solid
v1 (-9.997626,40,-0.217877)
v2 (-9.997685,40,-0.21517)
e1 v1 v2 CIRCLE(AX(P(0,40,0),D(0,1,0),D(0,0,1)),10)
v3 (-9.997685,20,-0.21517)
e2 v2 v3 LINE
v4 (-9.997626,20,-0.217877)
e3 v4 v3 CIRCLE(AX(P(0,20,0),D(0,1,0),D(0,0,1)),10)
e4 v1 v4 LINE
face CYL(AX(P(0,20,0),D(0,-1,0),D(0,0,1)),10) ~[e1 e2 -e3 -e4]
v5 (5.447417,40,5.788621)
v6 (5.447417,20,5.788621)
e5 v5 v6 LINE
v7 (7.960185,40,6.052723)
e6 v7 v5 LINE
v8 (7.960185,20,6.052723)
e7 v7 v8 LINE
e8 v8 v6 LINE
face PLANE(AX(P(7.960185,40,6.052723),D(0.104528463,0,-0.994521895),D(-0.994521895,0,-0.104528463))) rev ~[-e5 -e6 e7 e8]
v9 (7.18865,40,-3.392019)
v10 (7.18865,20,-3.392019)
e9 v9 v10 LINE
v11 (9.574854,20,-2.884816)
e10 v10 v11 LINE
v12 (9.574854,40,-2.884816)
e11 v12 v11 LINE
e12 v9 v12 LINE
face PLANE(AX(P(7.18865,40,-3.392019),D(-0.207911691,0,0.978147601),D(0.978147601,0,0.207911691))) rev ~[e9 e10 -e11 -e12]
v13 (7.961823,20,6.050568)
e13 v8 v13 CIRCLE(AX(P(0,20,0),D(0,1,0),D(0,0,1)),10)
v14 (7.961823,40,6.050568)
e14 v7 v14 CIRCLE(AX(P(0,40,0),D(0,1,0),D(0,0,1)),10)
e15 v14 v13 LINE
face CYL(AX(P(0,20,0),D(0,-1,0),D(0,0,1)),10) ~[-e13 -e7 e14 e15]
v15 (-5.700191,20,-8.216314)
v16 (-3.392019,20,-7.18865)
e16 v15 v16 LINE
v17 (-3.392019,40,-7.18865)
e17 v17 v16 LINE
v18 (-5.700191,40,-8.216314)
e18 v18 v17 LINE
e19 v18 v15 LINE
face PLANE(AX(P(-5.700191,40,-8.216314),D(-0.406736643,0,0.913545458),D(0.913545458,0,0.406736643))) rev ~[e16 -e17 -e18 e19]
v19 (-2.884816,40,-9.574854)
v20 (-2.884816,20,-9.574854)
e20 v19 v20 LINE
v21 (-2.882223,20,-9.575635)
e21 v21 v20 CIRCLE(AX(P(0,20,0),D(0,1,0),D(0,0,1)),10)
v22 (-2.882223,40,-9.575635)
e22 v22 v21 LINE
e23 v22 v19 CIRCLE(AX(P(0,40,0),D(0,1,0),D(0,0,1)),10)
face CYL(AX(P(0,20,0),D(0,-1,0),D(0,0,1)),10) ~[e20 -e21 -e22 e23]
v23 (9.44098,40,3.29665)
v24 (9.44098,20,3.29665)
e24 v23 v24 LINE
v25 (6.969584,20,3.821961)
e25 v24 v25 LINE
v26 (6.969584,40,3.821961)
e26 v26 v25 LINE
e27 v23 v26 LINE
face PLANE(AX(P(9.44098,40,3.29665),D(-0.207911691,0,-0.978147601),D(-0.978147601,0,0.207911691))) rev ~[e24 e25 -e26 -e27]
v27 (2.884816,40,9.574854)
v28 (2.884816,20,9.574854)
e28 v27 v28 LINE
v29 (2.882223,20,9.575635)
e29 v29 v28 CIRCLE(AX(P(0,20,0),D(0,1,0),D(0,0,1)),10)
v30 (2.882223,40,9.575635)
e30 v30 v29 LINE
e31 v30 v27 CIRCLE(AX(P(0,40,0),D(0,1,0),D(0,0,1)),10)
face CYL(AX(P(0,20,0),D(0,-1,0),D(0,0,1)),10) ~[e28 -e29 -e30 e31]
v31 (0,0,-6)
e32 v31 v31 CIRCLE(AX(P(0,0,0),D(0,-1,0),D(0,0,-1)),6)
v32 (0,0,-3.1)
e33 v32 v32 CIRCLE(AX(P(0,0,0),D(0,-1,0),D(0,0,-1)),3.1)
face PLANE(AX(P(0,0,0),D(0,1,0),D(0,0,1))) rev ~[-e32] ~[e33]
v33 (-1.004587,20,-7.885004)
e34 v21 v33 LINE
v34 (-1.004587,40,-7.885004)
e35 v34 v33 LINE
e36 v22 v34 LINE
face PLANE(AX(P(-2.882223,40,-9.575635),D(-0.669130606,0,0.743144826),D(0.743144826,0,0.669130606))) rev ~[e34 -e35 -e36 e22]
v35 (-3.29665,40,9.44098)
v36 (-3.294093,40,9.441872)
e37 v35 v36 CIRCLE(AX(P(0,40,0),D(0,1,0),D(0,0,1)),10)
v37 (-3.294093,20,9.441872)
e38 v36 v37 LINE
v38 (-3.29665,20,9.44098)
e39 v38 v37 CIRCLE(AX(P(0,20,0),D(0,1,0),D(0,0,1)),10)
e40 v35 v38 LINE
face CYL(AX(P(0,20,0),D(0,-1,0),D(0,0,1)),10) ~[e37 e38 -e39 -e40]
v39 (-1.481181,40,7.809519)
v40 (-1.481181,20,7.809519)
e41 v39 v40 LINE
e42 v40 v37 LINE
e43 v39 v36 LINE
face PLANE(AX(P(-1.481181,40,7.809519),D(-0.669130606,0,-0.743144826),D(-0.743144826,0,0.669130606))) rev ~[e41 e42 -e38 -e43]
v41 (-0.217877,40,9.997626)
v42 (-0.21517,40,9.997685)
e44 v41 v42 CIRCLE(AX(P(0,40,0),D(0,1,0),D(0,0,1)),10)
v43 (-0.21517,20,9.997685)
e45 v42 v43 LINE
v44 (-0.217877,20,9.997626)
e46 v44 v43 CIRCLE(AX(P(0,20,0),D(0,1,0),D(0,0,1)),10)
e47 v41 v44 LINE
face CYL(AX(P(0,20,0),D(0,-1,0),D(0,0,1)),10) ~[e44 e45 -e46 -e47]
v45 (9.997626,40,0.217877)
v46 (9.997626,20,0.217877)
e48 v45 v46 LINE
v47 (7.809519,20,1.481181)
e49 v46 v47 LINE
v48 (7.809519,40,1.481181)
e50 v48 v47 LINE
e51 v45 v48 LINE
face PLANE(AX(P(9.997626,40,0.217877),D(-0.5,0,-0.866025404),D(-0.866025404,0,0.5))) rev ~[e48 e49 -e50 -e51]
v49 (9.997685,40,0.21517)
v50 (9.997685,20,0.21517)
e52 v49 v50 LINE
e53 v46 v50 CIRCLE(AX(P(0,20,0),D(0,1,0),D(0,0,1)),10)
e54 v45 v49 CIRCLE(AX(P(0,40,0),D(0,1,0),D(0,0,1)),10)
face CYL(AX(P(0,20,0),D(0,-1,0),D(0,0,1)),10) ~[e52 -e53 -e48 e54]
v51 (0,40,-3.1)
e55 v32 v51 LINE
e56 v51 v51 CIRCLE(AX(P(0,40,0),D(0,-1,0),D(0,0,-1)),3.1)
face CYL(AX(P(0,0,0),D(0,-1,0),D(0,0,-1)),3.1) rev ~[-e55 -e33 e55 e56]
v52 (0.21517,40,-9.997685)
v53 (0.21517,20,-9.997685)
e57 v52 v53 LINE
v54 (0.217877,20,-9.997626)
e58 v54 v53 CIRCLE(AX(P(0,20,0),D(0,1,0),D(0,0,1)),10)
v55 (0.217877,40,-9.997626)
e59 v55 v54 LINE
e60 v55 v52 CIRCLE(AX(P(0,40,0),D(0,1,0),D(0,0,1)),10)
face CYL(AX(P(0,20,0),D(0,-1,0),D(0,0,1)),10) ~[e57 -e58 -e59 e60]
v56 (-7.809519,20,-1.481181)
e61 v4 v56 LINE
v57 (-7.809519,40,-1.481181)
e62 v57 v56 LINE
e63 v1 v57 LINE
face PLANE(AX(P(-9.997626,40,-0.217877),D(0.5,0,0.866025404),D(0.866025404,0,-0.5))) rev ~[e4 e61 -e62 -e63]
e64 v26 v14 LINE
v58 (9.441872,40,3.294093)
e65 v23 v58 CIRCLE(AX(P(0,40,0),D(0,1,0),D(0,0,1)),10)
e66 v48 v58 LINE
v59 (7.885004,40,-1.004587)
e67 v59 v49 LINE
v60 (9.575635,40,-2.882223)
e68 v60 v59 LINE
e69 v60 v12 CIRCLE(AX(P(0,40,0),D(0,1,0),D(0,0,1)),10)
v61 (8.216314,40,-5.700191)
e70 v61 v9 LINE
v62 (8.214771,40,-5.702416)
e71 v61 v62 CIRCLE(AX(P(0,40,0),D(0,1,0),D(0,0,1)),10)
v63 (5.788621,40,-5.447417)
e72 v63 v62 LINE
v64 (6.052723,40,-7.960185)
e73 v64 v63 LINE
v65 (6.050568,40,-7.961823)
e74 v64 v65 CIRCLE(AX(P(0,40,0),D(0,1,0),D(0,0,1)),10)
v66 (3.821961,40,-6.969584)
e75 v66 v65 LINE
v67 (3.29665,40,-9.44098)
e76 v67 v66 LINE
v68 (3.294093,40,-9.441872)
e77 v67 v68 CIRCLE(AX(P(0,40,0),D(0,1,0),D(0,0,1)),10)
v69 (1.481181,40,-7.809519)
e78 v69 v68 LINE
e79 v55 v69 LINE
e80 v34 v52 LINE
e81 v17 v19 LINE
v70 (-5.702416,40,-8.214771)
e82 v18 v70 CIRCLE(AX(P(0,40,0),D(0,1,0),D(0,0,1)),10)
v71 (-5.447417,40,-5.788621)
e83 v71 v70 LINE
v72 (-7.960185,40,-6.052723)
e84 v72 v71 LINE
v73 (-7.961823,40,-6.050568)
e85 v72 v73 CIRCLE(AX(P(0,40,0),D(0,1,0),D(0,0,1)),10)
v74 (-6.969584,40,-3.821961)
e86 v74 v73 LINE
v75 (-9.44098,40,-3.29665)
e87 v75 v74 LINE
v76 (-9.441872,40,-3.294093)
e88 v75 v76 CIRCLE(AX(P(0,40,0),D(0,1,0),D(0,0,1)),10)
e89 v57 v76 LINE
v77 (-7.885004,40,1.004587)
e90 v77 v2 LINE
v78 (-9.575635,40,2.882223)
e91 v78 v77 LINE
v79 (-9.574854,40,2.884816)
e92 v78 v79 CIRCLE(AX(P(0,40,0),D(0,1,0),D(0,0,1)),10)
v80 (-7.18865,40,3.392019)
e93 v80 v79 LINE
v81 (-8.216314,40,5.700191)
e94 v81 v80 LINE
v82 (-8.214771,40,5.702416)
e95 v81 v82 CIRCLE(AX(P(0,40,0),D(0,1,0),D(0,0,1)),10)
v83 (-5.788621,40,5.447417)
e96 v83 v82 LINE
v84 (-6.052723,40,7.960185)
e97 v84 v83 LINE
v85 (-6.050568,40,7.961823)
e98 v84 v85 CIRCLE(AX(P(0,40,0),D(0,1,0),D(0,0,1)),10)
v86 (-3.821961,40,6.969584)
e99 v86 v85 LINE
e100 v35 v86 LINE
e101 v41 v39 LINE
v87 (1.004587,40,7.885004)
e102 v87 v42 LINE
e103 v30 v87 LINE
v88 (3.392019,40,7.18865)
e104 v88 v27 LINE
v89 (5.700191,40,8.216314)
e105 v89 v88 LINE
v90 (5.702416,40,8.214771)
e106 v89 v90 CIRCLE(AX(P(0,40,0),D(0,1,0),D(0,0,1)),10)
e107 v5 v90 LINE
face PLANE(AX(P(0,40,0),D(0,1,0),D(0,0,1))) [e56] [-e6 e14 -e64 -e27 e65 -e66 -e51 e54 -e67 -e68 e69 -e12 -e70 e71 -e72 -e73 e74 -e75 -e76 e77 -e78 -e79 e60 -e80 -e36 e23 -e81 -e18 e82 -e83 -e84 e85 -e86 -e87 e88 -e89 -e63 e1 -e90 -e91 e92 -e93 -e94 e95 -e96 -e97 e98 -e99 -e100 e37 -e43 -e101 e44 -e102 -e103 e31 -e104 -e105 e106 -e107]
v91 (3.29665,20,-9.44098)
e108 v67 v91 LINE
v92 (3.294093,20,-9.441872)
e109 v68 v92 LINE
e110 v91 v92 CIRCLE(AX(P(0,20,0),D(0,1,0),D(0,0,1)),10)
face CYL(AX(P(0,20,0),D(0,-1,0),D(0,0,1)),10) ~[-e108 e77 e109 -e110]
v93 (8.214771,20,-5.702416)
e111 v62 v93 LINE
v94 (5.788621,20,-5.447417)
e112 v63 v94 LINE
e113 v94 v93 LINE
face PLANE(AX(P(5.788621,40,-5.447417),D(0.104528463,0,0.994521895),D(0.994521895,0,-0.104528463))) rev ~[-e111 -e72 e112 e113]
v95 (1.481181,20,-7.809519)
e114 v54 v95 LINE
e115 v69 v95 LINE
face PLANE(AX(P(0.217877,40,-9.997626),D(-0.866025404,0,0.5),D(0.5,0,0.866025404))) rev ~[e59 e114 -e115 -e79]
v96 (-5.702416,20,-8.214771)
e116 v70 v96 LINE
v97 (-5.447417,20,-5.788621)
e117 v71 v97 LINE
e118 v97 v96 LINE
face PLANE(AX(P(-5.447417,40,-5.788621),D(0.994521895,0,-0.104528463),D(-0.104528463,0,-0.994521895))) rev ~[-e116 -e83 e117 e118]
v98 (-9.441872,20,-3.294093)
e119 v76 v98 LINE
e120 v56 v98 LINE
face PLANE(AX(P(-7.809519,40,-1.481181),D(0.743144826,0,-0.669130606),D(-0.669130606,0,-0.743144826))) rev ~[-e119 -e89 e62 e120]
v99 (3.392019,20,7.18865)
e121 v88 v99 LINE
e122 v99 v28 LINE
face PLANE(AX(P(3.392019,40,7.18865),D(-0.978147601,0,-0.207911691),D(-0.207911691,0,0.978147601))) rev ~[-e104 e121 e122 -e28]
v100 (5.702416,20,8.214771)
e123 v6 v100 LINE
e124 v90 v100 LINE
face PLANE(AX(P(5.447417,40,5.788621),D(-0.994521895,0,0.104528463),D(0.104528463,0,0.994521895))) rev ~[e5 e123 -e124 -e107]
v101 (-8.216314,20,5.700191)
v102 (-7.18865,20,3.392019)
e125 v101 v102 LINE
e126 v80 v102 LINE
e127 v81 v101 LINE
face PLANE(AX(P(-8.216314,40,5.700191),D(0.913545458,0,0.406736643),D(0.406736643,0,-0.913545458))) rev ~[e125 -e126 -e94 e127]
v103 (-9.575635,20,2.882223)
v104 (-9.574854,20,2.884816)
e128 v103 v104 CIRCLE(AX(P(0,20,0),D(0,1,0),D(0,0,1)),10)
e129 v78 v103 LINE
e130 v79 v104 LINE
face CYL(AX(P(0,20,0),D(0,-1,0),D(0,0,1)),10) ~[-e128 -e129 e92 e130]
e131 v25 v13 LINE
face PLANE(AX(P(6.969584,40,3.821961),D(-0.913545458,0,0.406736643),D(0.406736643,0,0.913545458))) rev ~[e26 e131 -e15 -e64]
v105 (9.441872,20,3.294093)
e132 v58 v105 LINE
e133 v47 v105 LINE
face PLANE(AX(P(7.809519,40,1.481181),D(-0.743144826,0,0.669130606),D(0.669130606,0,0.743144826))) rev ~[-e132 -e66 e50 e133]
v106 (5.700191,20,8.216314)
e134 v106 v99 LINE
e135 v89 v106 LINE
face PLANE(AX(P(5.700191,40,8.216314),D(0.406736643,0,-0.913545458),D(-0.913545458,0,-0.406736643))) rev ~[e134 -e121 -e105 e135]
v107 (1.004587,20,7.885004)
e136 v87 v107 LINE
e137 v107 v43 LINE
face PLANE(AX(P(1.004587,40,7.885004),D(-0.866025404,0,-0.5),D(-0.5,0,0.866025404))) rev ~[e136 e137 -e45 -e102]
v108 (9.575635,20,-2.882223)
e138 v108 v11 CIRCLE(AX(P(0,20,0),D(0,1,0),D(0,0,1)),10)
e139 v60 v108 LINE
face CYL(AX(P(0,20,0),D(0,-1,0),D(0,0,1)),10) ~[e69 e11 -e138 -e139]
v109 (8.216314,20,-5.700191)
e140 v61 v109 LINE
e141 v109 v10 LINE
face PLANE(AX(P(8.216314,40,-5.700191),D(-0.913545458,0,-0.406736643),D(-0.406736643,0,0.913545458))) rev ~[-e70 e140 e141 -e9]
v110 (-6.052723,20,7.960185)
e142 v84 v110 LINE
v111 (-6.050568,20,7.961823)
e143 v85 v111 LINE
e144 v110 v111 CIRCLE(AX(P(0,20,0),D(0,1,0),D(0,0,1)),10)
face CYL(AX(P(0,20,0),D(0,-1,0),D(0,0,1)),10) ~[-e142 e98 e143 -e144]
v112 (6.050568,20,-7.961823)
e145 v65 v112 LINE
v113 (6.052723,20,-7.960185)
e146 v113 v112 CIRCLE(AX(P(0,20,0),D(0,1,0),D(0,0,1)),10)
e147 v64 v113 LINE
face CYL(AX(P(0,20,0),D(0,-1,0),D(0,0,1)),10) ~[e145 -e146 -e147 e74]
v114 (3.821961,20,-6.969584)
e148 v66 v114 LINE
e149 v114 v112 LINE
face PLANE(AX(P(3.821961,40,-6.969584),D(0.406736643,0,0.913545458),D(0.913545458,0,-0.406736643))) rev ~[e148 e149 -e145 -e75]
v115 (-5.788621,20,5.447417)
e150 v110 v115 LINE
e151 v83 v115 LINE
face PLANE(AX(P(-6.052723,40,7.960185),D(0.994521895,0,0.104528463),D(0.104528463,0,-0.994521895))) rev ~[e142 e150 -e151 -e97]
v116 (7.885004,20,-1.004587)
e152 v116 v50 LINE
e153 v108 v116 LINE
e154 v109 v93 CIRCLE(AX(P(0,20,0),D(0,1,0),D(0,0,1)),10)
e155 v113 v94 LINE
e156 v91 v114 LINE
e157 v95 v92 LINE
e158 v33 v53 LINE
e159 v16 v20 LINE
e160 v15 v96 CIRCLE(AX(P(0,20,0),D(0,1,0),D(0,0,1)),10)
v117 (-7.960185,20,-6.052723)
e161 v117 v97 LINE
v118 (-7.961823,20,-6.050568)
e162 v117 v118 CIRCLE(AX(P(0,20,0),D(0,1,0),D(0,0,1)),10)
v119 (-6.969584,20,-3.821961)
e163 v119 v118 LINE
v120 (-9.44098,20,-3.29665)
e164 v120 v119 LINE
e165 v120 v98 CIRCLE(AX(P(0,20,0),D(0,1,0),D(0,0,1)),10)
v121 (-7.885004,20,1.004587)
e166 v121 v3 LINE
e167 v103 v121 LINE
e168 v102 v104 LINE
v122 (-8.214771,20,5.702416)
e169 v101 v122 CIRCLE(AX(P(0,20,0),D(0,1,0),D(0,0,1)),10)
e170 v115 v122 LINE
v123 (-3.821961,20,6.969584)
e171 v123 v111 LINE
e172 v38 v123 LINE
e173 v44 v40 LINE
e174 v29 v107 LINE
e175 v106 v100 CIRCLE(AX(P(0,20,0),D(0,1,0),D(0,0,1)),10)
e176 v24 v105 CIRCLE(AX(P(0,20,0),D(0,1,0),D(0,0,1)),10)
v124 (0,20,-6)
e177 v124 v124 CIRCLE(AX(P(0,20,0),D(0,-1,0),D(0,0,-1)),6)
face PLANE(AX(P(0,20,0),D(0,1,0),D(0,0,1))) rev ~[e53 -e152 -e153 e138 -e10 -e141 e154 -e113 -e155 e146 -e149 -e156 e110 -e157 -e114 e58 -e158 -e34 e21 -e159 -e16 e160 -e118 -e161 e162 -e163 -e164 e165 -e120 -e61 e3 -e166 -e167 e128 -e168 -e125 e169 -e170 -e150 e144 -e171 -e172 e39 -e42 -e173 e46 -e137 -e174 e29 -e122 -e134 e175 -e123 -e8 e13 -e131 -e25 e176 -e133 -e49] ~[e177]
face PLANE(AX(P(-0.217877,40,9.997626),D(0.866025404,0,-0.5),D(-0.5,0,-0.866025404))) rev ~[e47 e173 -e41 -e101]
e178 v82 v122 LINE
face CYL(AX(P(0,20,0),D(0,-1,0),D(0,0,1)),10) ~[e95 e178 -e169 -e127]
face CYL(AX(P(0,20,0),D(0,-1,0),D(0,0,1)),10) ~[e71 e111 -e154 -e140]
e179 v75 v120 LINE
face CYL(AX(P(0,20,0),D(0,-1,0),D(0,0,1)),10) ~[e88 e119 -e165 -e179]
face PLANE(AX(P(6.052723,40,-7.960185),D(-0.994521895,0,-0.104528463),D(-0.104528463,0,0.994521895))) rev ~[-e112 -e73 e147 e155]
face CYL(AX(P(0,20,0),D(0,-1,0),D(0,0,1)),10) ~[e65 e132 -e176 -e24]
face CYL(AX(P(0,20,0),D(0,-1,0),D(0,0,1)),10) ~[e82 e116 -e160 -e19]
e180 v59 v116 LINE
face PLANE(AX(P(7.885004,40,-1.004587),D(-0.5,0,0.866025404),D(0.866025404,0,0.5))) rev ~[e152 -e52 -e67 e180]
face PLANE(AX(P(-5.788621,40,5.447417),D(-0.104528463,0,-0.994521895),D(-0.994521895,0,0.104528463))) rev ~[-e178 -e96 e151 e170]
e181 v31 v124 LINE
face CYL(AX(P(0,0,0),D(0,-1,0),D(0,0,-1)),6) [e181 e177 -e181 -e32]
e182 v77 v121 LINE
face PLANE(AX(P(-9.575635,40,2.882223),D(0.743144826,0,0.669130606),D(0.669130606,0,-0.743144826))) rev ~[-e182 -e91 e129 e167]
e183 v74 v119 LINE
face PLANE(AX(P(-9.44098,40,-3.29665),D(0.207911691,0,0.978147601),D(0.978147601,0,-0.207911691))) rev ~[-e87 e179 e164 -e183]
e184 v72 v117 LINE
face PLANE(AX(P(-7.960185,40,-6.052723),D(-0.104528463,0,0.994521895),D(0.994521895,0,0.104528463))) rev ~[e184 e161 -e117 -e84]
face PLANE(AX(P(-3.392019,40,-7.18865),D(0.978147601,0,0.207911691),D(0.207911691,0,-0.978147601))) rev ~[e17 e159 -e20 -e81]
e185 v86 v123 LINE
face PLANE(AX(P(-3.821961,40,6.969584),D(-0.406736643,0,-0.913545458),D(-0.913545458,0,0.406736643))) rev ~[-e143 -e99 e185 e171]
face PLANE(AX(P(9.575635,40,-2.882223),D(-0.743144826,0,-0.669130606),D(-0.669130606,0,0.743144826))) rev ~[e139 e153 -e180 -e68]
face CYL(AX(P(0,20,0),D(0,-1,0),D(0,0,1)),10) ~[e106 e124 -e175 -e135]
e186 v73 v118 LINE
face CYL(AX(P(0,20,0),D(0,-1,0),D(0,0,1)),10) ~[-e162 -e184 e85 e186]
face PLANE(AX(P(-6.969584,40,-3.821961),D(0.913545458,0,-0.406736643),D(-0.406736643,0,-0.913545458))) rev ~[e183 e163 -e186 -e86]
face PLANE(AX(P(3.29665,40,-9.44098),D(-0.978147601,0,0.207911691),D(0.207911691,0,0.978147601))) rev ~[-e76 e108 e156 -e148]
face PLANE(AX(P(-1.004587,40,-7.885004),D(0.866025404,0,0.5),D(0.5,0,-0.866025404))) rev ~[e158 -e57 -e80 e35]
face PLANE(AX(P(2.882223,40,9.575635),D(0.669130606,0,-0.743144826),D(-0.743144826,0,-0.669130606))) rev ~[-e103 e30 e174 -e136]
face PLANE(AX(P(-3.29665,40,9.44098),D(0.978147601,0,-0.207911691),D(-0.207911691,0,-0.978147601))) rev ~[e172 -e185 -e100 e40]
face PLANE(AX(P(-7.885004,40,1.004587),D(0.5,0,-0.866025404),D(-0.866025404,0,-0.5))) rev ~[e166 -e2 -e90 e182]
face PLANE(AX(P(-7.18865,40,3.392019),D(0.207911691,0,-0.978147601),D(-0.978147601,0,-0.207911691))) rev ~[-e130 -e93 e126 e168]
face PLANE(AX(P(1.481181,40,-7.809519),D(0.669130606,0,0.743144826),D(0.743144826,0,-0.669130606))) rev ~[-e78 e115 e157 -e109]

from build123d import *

# Parameters (mm, degrees)
SKETCH1_R           = 7
SKETCH1_R_2         = 3
BOSS_EXTRUDE1_DEPTH = 20
SKETCH2_R           = 10
SKETCH2_R_2         = 3
BOSS_EXTRUDE2_DEPTH = 20
CUT_EXTRUDE2_DEPTH  = 20
SKETCH4_R           = 21.655225415
SKETCH4_R_2         = 6
CUT_EXTRUDE3_DEPTH  = 20
SKETCH6_R           = 3.1
CUT_EXTRUDE4_DEPTH  = 80


with BuildPart() as part:
    # Sketch1 → Boss-Extrude1 (new body)
    with BuildSketch(Plane(origin=(0, 0, 0), x_dir=(1, 0, 0), z_dir=(0, 1, 0))):
        with Locations(Location((0, 0, 0), (0, 0, 270))):  # turned: the seam where the file's is
            Circle(SKETCH1_R)
        with Locations(Location((0, 0, 0), (0, 0, 270))):  # turned: the seam where the file's is
            Circle(SKETCH1_R_2, mode=Mode.SUBTRACT)
    extrude(amount=BOSS_EXTRUDE1_DEPTH)

    # Sketch2 → Boss-Extrude2 (add)
    with BuildSketch(Plane(origin=(0, 20, 0), x_dir=(1, 0, 0), z_dir=(0, 1, 0))):
        with Locations(Location((0, 0, 0), (0, 0, 270))):  # turned: the seam where the file's is
            Circle(SKETCH2_R)
        with Locations(Location((0, 0, 0), (0, 0, 270))):  # turned: the seam where the file's is
            Circle(SKETCH2_R_2, mode=Mode.SUBTRACT)
    extrude(amount=BOSS_EXTRUDE2_DEPTH)

    # Sketch3 → Cut-Extrude2 (cut)
    with BuildSketch(Plane(origin=(0, 40, 0), x_dir=(1, 0, 0), z_dir=(0, 1, 0))):
        with BuildLine():
            Line((1.481181144, 7.809519004), (3.294093052, 9.441872217))
            ThreePointArc((3.294093052, 9.441872217), (1.777835424, 9.840696175), (0.217876864, 9.997626202))
            Line((0.217876864, 9.997626202), (1.481181144, 7.809519004))
        make_face()
        with BuildLine():
            ThreePointArc((6.050567636, 7.961823364), (4.731764319, 8.809676863), (3.296649611, 9.440979893))
            Line((3.296649611, 9.440979893), (3.821961069, 6.969583792))
            Line((3.821961069, 6.969583792), (6.050567636, 7.961823364))
        make_face()
        with BuildLine():
            Line((-1.004587111, 7.885004083), (0.215169688, 9.997684832))
            ThreePointArc((0.215169688, 9.997684832), (-1.35012039, 9.908439581), (-2.882223189, 9.5756352))
            Line((-2.882223189, 9.5756352), (-1.004587111, 7.885004083))
        make_face()
        with BuildLine():
            ThreePointArc((8.214770503, 5.702415767), (7.222515155, 6.916304999), (6.052723325, 7.960184693))
            Line((6.052723325, 7.960184693), (5.788620815, 5.447417159))
            Line((5.788620815, 5.447417159), (8.214770503, 5.702415767))
        make_face()
        with BuildLine():
            Line((-3.392019381, 7.188650024), (-2.884815983, 9.574854398))
            ThreePointArc((-2.884815983, 9.574854398), (-4.345917013, 9.006275885), (-5.700191154, 8.216314308))
            Line((-5.700191154, 8.216314308), (-3.392019381, 7.188650024))
        make_face()
        with BuildLine():
            ThreePointArc((9.574854398, 2.884815983), (9.006275885, 4.345917013), (8.216314308, 5.700191154))
            Line((8.216314308, 5.700191154), (7.188650024, 3.392019381))
            Line((7.188650024, 3.392019381), (9.574854398, 2.884815983))
        make_face()
        with BuildLine():
            Line((-5.447417159, 5.788620815), (-5.702415767, 8.214770503))
            ThreePointArc((-5.702415767, 8.214770503), (-6.916304999, 7.222515155), (-7.960184693, 6.052723325))
            Line((-7.960184693, 6.052723325), (-5.447417159, 5.788620815))
        make_face()
        with BuildLine():
            ThreePointArc((9.997684832, -0.215169688), (9.908439581, 1.35012039), (9.5756352, 2.882223189))
            Line((9.5756352, 2.882223189), (7.885004083, 1.004587111))
            Line((7.885004083, 1.004587111), (9.997684832, -0.215169688))
        make_face()
        with BuildLine():
            Line((-6.969583792, 3.821961069), (-7.961823364, 6.050567636))
            ThreePointArc((-7.961823364, 6.050567636), (-8.809676863, 4.731764319), (-9.440979893, 3.296649611))
            Line((-9.440979893, 3.296649611), (-6.969583792, 3.821961069))
        make_face()
        with BuildLine():
            ThreePointArc((9.441872217, -3.294093052), (9.840696175, -1.777835424), (9.997626202, -0.217876864))
            Line((9.997626202, -0.217876864), (7.809519004, -1.481181144))
            Line((7.809519004, -1.481181144), (9.441872217, -3.294093052))
        make_face()
        with BuildLine():
            Line((-7.809519004, 1.481181144), (-9.441872217, 3.294093052))
            ThreePointArc((-9.441872217, 3.294093052), (-9.840696175, 1.777835424), (-9.997626202, 0.217876864))
            Line((-9.997626202, 0.217876864), (-7.809519004, 1.481181144))
        make_face()
        with BuildLine():
            ThreePointArc((7.961823364, -6.050567636), (8.809676863, -4.731764319), (9.440979893, -3.296649611))
            Line((9.440979893, -3.296649611), (6.969583792, -3.821961069))
            Line((6.969583792, -3.821961069), (7.961823364, -6.050567636))
        make_face()
        with BuildLine():
            Line((-7.885004083, -1.004587111), (-9.997684832, 0.215169688))
            ThreePointArc((-9.997684832, 0.215169688), (-9.908439581, -1.35012039), (-9.5756352, -2.882223189))
            Line((-9.5756352, -2.882223189), (-7.885004083, -1.004587111))
        make_face()
        with BuildLine():
            ThreePointArc((5.702415767, -8.214770503), (6.916304999, -7.222515155), (7.960184693, -6.052723325))
            Line((7.960184693, -6.052723325), (5.447417159, -5.788620815))
            Line((5.447417159, -5.788620815), (5.702415767, -8.214770503))
        make_face()
        with BuildLine():
            Line((-7.188650024, -3.392019381), (-9.574854398, -2.884815983))
            ThreePointArc((-9.574854398, -2.884815983), (-9.006275885, -4.345917013), (-8.216314308, -5.700191154))
            Line((-8.216314308, -5.700191154), (-7.188650024, -3.392019381))
        make_face()
        with BuildLine():
            ThreePointArc((2.884815983, -9.574854398), (4.345917013, -9.006275885), (5.700191154, -8.216314308))
            Line((5.700191154, -8.216314308), (3.392019381, -7.188650024))
            Line((3.392019381, -7.188650024), (2.884815983, -9.574854398))
        make_face()
        with BuildLine():
            Line((-5.788620815, -5.447417159), (-8.214770503, -5.702415767))
            ThreePointArc((-8.214770503, -5.702415767), (-7.222515155, -6.916304999), (-6.052723325, -7.960184693))
            Line((-6.052723325, -7.960184693), (-5.788620815, -5.447417159))
        make_face()
        with BuildLine():
            ThreePointArc((-0.215169688, -9.997684832), (1.35012039, -9.908439581), (2.882223189, -9.5756352))
            Line((2.882223189, -9.5756352), (1.004587111, -7.885004083))
            Line((1.004587111, -7.885004083), (-0.215169688, -9.997684832))
        make_face()
        with BuildLine():
            Line((-3.821961069, -6.969583792), (-6.050567636, -7.961823364))
            ThreePointArc((-6.050567636, -7.961823364), (-4.731764319, -8.809676863), (-3.296649611, -9.440979893))
            Line((-3.296649611, -9.440979893), (-3.821961069, -6.969583792))
        make_face()
        with BuildLine():
            ThreePointArc((-3.294093052, -9.441872217), (-1.777835424, -9.840696175), (-0.217876864, -9.997626202))
            Line((-0.217876864, -9.997626202), (-1.481181144, -7.809519004))
            Line((-1.481181144, -7.809519004), (-3.294093052, -9.441872217))
        make_face()
    extrude(amount=-CUT_EXTRUDE2_DEPTH, mode=Mode.SUBTRACT)

    # Sketch4 → Cut-Extrude3 (cut)
    with BuildSketch(Plane(origin=(0, 0, 0), x_dir=(-1, 0, 0), z_dir=(0, -1, 0))):
        with Locations((3.244661678, 1.192157737)):
            Circle(SKETCH4_R)
        with Locations(Location((0, 0, 0), (0, 0, 90))):  # turned: the seam where the file's is
            Circle(SKETCH4_R_2, mode=Mode.SUBTRACT)
    extrude(amount=-CUT_EXTRUDE3_DEPTH, mode=Mode.SUBTRACT)

    # Sketch6 → Cut-Extrude4 (cut)
    with BuildSketch(Plane(origin=(0, 0, 0), x_dir=(-1, 0, 0), z_dir=(0, -1, 0))):
        with Locations(Location((0, 0, 0), (0, 0, 90))):  # turned: the seam where the file's is
            Circle(SKETCH6_R)
    extrude(amount=-CUT_EXTRUDE4_DEPTH, mode=Mode.SUBTRACT)


solid = part.part
